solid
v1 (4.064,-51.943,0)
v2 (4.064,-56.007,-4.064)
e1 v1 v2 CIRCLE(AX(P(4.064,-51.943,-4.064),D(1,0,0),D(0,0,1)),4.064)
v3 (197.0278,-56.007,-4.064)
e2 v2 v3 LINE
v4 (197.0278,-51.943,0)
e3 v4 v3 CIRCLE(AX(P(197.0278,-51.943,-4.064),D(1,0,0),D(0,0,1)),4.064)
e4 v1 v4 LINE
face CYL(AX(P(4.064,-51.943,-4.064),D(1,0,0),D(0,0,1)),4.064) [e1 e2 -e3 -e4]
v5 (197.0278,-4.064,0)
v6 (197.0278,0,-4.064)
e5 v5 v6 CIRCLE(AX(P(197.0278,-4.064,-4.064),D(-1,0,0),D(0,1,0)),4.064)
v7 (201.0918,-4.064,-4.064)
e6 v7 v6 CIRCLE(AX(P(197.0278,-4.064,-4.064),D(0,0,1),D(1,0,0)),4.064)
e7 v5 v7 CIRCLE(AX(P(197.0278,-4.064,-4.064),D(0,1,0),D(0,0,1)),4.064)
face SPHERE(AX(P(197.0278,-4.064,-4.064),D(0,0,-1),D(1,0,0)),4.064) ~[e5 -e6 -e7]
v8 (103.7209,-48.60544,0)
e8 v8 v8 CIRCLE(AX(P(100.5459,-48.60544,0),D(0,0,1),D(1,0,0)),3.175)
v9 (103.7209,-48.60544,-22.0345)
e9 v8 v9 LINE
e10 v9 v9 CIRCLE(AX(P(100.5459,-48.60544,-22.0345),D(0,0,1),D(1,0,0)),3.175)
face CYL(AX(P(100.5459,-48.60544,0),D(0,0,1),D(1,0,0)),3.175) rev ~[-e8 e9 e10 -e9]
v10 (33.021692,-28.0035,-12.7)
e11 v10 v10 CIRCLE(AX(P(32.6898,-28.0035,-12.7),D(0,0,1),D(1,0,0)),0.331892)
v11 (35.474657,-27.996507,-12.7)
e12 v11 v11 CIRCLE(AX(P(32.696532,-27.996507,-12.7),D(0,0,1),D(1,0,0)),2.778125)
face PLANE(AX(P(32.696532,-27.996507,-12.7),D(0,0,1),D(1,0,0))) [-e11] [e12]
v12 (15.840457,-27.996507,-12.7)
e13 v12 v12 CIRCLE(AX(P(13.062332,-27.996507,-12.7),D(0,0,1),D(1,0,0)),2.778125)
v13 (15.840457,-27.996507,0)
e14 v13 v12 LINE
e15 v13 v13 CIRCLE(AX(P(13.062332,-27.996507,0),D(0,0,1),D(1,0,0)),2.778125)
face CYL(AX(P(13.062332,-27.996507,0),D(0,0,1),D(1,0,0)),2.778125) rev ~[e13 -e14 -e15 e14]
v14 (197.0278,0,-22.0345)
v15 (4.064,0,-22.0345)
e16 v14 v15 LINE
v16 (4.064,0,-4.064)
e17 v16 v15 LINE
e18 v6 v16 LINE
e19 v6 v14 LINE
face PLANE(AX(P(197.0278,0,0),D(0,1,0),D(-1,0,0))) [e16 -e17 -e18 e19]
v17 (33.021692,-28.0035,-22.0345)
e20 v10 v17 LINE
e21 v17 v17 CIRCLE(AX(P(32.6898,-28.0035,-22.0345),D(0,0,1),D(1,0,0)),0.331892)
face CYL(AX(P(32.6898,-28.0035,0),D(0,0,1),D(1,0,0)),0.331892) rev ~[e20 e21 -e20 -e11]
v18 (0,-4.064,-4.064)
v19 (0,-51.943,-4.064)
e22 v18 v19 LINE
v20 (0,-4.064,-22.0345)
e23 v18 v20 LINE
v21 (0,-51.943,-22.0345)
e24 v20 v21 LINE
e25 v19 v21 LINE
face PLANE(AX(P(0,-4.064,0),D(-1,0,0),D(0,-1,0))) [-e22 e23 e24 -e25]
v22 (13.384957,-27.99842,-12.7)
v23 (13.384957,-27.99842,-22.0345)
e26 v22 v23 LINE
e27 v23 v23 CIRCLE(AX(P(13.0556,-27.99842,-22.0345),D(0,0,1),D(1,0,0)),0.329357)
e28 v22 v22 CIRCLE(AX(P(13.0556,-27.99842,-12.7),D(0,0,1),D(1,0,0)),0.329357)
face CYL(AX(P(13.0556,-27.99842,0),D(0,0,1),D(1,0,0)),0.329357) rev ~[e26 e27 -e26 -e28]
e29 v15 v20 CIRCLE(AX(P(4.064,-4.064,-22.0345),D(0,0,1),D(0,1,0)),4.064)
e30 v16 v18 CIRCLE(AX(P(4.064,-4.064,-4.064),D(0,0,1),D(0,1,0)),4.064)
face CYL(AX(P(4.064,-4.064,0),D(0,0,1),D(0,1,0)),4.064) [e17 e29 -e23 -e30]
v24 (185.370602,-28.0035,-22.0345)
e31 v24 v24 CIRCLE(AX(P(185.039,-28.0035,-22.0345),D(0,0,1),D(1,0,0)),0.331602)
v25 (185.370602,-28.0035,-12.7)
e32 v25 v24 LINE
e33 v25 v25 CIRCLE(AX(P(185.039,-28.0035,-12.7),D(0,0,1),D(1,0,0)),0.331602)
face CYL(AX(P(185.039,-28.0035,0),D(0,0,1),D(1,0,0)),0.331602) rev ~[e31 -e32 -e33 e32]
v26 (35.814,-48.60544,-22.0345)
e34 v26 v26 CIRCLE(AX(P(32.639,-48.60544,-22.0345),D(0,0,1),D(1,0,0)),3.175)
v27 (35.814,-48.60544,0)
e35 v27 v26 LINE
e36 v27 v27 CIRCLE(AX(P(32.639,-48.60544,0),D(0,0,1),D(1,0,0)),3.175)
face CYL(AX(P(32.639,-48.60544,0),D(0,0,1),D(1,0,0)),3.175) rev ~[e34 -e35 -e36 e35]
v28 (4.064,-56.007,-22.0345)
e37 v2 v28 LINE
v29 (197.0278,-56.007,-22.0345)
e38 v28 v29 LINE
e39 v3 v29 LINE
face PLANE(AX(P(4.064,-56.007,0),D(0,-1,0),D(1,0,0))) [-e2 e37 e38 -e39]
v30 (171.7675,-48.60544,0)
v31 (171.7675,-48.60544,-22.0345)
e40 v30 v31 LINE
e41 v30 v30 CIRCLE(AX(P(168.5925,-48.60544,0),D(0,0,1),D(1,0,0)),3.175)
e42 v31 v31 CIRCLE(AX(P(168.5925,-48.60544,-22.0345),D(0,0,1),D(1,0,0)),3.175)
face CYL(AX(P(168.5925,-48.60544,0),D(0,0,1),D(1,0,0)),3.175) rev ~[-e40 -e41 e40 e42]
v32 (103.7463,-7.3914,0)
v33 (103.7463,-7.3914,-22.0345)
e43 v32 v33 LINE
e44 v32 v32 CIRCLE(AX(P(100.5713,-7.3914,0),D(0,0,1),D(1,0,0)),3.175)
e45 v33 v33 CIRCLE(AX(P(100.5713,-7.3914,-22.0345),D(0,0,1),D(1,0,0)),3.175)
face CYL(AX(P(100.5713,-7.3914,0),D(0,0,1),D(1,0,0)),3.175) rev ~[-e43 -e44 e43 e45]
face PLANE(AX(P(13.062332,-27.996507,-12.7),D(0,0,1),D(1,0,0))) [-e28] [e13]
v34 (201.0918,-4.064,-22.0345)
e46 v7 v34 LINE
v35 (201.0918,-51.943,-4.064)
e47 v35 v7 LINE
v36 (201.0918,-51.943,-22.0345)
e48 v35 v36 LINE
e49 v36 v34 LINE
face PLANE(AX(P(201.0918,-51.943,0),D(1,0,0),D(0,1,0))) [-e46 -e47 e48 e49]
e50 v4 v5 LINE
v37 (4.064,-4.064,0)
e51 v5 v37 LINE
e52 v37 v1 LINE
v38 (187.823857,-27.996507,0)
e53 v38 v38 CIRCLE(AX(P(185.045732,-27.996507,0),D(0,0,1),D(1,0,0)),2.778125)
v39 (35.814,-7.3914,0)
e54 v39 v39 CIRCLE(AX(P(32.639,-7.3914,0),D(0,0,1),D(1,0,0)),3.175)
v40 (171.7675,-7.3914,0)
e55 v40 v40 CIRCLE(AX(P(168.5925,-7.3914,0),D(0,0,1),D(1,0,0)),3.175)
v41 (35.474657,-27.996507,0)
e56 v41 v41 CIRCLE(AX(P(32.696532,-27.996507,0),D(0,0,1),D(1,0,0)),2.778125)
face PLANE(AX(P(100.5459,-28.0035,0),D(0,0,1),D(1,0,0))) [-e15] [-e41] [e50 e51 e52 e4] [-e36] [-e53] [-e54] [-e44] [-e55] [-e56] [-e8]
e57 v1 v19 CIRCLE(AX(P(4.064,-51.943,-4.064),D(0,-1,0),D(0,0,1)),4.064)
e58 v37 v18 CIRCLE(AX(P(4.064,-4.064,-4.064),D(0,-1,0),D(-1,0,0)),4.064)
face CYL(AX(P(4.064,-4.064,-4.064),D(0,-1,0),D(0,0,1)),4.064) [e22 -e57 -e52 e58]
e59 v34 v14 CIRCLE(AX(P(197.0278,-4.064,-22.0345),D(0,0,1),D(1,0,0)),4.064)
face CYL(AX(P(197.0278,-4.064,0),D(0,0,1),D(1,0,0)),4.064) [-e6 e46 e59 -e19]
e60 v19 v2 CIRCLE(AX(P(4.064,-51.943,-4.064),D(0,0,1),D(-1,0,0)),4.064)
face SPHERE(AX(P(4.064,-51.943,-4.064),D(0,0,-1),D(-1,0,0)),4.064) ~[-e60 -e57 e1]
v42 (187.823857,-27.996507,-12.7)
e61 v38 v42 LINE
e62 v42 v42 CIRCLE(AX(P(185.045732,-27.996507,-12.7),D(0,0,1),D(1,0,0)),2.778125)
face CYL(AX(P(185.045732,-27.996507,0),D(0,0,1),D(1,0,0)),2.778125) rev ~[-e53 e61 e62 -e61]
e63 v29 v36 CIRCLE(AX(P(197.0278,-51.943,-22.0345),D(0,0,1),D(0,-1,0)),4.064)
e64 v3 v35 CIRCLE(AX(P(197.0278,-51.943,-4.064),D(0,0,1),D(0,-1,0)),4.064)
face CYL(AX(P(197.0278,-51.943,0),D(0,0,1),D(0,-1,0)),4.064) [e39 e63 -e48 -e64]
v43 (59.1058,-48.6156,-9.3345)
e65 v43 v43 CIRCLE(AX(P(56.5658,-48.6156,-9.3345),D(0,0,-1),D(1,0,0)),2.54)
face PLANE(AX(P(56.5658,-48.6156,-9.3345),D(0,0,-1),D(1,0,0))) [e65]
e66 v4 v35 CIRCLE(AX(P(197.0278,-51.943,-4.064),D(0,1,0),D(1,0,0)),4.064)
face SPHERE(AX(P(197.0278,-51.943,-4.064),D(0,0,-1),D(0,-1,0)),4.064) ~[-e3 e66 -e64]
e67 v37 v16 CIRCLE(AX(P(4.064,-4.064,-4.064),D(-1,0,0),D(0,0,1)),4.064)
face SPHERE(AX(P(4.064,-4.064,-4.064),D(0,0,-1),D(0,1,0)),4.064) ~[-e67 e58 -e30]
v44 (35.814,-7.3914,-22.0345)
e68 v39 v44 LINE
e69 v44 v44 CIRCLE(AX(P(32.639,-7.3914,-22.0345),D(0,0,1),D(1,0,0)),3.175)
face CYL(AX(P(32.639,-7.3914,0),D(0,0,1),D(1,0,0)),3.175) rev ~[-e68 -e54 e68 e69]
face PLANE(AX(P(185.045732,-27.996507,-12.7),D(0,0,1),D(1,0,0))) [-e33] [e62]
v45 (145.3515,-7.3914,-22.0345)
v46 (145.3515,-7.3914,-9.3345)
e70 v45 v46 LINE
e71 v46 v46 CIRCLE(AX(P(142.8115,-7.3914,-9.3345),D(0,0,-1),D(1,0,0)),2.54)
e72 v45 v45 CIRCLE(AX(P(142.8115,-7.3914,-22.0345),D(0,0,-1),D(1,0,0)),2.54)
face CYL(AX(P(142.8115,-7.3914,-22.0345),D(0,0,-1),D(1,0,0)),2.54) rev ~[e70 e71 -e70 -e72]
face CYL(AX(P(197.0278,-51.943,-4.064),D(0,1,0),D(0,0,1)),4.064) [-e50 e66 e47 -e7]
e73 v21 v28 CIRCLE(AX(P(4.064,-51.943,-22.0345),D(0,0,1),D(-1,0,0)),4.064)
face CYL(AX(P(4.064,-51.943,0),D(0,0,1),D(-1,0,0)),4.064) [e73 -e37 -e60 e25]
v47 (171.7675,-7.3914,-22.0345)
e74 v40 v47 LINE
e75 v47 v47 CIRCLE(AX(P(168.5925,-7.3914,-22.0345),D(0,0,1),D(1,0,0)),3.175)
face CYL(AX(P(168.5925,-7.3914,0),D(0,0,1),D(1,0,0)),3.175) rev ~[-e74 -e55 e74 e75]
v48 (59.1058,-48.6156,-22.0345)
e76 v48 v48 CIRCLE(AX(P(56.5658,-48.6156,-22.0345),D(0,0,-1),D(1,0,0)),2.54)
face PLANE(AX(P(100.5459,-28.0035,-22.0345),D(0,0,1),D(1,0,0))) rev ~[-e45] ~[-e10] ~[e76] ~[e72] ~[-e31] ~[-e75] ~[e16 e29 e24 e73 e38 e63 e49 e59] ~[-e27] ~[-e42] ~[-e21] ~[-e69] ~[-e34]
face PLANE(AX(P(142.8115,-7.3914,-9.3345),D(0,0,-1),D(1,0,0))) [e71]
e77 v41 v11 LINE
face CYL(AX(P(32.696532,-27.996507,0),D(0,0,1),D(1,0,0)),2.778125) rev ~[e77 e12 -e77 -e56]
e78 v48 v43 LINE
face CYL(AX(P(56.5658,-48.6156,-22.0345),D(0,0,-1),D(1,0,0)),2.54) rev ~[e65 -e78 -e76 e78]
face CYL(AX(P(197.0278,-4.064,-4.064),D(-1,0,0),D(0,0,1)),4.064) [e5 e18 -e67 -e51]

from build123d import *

# Parameters (mm, degrees)
F0_R     = 3.175
F1_DEPTH = 22.0345
F2_R     = 2.54
F3_DEPTH = 12.7
F4_R     = 0.3318916447
F4_R_2   = 0.3293568933
F4_R_3   = 0.3316016918
F5_DEPTH = 25.4
F6_R     = 2.778125
F7_DEPTH = 12.7
F9_R     = 4.064


with BuildPart() as f1:
    # F0 (on Top) → F1 (new body)
    with BuildSketch(Plane.XY):
        with BuildLine():
            Line((197.0278, 0), (4.064, 0))
            ThreePointArc((4.064, 0), (1.1903180413, -1.1903180413), (0, -4.064))
            Line((0, -4.064), (0, -51.943))
            ThreePointArc((0, -51.943), (1.1903180413, -54.8166819587), (4.064, -56.007))
            Line((4.064, -56.007), (197.0278, -56.007))
            ThreePointArc((197.0278, -56.007), (199.9014819587, -54.8166819587), (201.0918, -51.943))
            Line((201.0918, -51.943), (201.0918, -4.064))
            ThreePointArc((201.0918, -4.064), (199.9014819587, -1.1903180413), (197.0278, 0))
        make_face()
        with Locations((32.639, -48.60544)):
            Circle(F0_R, mode=Mode.SUBTRACT)
        with Locations((100.5459, -48.60544)):
            Circle(F0_R, mode=Mode.SUBTRACT)
        with Locations((168.5925, -48.60544)):
            Circle(F0_R, mode=Mode.SUBTRACT)
        with Locations((32.639, -7.3914)):
            Circle(F0_R, mode=Mode.SUBTRACT)
        with Locations((100.5713, -7.3914)):
            Circle(F0_R, mode=Mode.SUBTRACT)
        with Locations((168.5925, -7.3914)):
            Circle(F0_R, mode=Mode.SUBTRACT)
    extrude(amount=-F1_DEPTH)

    # F2 (on face) → F3 (cut)
    with BuildSketch(Plane(origin=(0, 0, -22.0345), x_dir=(1, 0, 0), z_dir=(0, 0, -1))):
        with Locations((56.5658, 48.6156)):
            Circle(F2_R)
        with Locations((142.8115, 7.3914)):
            Circle(F2_R)
    extrude(amount=-F3_DEPTH, mode=Mode.SUBTRACT)

    # F4 (on face) → F5 (cut)
    with BuildSketch(Plane.XY):
        with Locations((32.6898, -28.0035)):
            Circle(F4_R)
        with Locations((13.0556, -27.99842)):
            Circle(F4_R_2)
        with Locations((185.039, -28.0035)):
            Circle(F4_R_3)
    extrude(amount=-F5_DEPTH, mode=Mode.SUBTRACT)

    # F6 (on Top) → F7 (cut)
    with BuildSketch(Plane.XY):
        with Locations((185.0457321729, -27.9965074454)):
            Circle(F6_R)
        with Locations((32.6965321729, -27.9965074454)):
            Circle(F6_R)
        with Locations((13.0623321729, -27.9965074454)):
            Circle(F6_R)
    extrude(amount=-F7_DEPTH, mode=Mode.SUBTRACT)

    # F9
    f9_edges = [f1.edges().sort_by_distance(p)[0] for p in [
        (100.5459, -56.007, 0),
        (199.901482, -54.816682, 0),
        (201.0918, -28.0035, 0),
        (199.901482, -1.190318, 0),
        (100.5459, 0, 0),
        (1.190318, -1.190318, 0),
        (0, -28.0035, 0),
        (1.190318, -54.816682, 0),
    ]]
    fillet(f9_edges, radius=F9_R)


solid = f1.part
